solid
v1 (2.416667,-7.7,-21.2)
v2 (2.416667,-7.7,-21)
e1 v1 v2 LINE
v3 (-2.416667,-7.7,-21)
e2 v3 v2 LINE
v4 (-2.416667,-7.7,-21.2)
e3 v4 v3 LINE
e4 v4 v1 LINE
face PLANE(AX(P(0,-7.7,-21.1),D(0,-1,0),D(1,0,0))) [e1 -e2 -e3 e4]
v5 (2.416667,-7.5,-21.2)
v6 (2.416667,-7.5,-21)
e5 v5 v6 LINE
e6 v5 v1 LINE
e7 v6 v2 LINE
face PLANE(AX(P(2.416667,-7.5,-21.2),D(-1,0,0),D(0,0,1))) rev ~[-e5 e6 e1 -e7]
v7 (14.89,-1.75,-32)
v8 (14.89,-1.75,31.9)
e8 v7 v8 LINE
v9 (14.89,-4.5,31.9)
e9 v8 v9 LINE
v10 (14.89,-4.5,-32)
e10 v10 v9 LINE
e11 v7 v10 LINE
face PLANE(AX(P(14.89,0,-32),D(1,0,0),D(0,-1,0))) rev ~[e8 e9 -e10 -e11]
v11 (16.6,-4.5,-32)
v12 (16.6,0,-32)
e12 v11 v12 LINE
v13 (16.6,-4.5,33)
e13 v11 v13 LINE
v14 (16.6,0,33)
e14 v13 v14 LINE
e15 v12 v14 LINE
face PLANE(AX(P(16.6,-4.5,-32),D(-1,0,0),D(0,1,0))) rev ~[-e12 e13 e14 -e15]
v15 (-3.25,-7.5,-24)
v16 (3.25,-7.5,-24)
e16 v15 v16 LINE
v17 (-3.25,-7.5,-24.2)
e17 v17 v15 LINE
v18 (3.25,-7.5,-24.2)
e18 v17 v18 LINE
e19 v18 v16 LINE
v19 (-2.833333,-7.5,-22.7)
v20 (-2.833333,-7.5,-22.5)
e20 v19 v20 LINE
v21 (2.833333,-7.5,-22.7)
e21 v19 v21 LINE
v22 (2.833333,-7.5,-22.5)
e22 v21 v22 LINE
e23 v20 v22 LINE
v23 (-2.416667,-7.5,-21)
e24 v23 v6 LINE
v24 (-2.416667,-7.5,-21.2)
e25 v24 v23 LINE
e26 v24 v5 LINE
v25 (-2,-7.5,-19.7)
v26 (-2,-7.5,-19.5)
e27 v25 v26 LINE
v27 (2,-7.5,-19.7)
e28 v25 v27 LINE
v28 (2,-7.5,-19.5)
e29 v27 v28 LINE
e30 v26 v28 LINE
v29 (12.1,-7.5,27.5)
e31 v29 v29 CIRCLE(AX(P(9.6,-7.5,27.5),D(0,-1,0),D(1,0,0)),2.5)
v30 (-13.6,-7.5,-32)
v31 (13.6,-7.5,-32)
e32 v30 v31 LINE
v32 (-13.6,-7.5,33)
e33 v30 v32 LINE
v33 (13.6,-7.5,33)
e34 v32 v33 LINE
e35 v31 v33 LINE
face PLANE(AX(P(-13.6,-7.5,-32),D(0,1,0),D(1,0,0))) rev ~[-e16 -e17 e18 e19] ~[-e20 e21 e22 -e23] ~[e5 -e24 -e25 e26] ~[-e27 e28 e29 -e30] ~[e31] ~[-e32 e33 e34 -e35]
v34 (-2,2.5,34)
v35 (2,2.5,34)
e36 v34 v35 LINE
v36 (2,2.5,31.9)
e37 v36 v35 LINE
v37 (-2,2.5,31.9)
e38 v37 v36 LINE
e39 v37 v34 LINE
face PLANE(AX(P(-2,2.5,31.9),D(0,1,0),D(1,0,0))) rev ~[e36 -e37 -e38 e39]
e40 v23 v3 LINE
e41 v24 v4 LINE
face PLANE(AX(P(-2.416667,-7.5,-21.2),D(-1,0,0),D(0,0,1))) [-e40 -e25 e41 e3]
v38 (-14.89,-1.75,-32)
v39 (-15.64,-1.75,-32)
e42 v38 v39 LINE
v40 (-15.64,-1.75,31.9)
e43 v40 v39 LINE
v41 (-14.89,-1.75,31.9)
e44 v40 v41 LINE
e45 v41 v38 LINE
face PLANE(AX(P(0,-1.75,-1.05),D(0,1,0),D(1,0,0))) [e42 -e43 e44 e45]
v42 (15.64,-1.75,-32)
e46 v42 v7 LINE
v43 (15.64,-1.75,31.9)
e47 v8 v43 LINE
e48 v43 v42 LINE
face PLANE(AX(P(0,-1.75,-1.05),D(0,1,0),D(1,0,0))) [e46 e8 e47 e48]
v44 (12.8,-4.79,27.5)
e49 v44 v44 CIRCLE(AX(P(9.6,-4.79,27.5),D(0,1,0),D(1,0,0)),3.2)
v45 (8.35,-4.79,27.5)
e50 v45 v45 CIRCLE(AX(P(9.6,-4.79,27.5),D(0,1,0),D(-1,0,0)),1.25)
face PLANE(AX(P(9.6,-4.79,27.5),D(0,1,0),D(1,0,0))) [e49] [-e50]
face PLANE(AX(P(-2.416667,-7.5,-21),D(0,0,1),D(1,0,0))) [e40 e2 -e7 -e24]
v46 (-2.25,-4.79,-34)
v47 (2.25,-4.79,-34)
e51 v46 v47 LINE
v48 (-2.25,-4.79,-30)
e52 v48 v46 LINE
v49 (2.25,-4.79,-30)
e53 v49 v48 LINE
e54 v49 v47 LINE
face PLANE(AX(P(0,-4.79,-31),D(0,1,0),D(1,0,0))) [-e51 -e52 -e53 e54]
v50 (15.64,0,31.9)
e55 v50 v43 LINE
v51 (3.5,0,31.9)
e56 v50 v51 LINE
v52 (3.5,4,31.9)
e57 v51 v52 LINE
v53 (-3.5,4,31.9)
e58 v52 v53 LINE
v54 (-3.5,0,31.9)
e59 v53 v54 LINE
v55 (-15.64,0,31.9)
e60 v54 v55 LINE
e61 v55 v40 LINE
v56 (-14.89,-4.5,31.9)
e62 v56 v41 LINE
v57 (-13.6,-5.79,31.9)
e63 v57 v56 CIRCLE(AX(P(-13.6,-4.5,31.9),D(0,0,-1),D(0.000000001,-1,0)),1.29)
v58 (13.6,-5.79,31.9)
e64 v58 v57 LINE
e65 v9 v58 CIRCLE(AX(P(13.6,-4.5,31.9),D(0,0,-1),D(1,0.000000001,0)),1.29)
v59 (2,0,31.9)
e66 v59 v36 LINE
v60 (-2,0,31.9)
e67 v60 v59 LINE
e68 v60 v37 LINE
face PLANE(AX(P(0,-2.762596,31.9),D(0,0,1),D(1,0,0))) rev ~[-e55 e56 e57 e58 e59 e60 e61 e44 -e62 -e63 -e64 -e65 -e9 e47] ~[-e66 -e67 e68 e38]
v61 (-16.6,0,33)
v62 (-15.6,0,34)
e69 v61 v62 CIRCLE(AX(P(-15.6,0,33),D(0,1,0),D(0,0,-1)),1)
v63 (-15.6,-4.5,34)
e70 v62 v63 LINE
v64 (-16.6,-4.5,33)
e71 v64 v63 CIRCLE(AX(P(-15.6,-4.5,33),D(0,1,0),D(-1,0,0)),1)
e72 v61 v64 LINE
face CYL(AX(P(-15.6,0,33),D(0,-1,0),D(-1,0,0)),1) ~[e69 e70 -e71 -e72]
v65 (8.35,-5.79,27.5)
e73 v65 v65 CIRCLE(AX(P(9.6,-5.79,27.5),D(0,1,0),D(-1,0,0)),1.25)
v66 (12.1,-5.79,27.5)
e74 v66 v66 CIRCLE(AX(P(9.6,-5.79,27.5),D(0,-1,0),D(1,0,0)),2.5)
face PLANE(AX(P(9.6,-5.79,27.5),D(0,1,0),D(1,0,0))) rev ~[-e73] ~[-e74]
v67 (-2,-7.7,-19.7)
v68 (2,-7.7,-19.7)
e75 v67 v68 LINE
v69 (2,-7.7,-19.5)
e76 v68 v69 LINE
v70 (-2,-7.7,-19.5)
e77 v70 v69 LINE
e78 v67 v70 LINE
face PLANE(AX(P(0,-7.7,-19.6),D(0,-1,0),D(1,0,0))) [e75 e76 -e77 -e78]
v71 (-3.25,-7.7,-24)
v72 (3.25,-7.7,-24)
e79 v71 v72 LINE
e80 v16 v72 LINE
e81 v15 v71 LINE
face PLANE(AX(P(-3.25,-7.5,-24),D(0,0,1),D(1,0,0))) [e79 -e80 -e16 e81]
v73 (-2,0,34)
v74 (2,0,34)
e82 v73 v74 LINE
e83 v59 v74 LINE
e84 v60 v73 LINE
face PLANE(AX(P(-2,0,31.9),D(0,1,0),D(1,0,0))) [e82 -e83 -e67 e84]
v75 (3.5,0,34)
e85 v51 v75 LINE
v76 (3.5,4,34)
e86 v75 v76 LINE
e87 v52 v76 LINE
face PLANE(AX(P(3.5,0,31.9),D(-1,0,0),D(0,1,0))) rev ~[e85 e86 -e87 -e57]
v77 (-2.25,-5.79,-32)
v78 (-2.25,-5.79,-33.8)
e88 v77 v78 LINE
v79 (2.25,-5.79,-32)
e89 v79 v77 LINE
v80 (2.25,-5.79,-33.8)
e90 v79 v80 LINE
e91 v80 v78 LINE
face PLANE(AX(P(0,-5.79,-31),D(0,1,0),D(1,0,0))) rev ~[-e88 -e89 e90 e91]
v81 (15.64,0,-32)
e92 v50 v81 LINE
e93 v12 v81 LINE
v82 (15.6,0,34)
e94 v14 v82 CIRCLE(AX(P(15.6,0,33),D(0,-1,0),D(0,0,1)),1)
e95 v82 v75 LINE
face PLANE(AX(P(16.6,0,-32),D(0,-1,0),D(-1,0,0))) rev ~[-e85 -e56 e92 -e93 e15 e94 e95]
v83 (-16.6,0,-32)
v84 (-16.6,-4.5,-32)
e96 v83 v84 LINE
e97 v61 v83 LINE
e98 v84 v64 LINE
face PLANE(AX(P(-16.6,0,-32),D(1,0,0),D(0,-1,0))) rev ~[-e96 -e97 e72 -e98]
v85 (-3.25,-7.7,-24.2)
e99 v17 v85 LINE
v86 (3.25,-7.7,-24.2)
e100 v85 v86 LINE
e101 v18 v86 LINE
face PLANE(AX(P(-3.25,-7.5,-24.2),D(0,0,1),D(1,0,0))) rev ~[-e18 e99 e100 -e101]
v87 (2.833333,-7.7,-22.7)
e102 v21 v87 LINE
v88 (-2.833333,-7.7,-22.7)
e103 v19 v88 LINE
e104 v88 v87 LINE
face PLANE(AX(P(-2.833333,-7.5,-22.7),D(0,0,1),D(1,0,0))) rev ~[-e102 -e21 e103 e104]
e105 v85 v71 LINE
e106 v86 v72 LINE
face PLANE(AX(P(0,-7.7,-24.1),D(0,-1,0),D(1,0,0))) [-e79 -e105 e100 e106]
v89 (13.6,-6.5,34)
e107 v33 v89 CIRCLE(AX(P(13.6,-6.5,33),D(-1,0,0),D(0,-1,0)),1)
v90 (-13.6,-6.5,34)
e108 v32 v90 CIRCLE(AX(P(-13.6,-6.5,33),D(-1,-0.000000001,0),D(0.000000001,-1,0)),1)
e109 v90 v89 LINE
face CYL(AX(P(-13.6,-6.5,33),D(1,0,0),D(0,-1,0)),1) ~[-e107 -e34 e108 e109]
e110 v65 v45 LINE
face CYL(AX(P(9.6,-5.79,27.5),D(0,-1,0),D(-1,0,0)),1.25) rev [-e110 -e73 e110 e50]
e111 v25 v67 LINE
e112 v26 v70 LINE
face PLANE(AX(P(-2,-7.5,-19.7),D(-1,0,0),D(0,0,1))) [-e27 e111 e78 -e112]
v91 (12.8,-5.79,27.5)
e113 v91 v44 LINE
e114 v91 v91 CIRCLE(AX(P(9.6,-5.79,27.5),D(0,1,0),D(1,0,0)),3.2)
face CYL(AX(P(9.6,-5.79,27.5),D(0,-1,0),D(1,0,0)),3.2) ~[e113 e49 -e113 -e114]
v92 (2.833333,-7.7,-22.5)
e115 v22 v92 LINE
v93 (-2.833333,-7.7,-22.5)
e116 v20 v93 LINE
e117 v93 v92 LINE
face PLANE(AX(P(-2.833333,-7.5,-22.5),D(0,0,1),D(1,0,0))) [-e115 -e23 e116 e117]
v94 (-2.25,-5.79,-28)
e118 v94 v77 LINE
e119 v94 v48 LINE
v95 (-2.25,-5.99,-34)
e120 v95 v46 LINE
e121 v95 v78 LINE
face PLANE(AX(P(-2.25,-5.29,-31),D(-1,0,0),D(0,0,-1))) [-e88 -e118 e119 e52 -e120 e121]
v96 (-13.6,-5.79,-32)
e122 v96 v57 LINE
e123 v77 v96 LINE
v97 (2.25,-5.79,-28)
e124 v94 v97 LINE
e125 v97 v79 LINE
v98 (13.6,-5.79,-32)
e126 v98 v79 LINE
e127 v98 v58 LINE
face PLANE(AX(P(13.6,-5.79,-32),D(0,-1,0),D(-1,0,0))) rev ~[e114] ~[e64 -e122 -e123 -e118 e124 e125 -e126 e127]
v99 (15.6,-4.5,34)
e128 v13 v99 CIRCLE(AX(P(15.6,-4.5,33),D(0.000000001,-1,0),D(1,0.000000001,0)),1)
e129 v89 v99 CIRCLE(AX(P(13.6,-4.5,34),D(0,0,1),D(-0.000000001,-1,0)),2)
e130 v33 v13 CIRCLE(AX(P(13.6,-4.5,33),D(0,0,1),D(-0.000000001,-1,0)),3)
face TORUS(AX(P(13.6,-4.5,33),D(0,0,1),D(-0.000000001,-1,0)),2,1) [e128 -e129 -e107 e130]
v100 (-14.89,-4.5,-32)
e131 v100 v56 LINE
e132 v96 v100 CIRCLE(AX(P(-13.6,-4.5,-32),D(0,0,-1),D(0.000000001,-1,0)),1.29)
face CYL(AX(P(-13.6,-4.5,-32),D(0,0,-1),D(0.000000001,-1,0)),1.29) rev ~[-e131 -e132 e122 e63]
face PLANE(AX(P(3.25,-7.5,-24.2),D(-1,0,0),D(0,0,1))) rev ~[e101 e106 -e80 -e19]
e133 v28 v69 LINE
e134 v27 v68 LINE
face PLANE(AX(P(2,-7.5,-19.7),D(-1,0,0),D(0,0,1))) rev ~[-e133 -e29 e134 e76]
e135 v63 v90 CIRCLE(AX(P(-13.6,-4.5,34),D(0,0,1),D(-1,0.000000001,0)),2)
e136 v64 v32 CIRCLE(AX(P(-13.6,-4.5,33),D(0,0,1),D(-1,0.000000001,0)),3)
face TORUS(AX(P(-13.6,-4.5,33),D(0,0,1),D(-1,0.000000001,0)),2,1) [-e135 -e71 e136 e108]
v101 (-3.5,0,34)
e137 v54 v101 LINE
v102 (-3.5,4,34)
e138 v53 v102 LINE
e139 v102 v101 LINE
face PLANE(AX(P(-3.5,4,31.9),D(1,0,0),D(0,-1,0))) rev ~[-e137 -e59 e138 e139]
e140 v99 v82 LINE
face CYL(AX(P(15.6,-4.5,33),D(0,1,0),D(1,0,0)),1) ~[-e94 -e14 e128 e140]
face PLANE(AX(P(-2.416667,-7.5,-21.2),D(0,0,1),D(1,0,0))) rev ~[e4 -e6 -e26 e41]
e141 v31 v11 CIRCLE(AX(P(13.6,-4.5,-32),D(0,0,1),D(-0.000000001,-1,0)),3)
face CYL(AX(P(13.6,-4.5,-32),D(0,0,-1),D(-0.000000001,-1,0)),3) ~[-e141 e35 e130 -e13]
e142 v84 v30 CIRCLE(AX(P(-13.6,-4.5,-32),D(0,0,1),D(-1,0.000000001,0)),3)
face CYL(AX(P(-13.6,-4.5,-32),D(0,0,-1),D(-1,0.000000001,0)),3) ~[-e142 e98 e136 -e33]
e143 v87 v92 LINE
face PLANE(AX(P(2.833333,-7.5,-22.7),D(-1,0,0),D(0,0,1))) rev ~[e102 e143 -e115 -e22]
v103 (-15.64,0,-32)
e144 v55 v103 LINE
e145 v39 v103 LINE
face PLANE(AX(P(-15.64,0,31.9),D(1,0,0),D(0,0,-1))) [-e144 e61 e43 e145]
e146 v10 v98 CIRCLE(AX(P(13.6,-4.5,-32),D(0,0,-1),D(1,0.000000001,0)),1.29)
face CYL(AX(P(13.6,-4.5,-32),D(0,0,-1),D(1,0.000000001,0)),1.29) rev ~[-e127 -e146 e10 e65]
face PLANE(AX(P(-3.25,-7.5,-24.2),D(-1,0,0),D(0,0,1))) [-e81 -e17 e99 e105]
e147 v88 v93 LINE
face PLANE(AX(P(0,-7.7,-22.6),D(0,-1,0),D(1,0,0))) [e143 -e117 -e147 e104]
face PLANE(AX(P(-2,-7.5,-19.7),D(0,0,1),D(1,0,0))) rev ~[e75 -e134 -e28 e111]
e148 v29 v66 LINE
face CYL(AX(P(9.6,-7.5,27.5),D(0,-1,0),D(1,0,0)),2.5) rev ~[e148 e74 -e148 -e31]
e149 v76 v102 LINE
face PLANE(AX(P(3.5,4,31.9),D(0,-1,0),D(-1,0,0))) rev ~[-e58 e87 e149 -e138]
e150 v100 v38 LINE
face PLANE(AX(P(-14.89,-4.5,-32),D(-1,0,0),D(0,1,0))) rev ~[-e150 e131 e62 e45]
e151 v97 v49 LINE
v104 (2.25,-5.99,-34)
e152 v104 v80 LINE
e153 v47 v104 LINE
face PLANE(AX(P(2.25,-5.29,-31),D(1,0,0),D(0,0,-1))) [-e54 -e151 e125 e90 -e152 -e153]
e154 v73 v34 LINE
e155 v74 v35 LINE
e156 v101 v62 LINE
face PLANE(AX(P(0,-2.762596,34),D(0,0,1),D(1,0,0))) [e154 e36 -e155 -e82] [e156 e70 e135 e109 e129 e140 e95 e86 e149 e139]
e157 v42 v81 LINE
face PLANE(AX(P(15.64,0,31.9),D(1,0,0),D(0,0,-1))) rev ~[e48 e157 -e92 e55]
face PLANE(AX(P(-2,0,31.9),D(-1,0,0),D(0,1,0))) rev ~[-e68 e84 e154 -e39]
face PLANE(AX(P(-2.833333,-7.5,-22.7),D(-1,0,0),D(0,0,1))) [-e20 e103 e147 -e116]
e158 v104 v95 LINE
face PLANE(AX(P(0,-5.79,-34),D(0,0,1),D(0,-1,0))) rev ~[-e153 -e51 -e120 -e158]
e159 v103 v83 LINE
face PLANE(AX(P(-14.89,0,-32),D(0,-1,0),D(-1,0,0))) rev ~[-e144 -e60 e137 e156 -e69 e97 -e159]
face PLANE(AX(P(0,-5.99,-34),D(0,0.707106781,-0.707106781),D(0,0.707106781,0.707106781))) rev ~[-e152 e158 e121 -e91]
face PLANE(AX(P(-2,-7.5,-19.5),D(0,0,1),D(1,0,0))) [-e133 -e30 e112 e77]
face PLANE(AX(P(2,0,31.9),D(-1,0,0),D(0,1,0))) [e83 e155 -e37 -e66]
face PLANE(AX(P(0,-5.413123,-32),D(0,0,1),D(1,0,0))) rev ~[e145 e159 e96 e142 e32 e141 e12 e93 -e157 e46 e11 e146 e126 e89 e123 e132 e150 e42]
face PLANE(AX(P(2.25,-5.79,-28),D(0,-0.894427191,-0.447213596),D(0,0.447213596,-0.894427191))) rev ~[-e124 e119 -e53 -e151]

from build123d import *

# Parameters (mm, degrees)
EXTRU_MINCE1_DEPTH             = 32
EXTRU_MINCE1_DEPTH_BACK        = 32
BOSS_EXTRU_1_DEPTH             = 2
BOSS_EXTRU_1_DEPTH_BACK        = 0.1
ESQUISSE2_W                    = 4
ESQUISSE2_H                    = 2.5
ESQUISSE3_W                    = 31.28
ESQUISSE3_H                    = 65.9
ENL_V_MAT_EXTRU_4_DEPTH        = 1.75
ESQUISSE4_W                    = 4.5
ESQUISSE4_H                    = 6
BOSS_EXTRU_2_DEPTH             = 1
BOSS_EXTRU_3_REACH             = 40.572
BOSS_EXTRU_3_DIRECTION_2_REACH = 40.572
ENL_V_MAT_EXTRU_5_REACH        = 41.593
ESQUISSE7_W                    = 6.5
ESQUISSE7_H                    = 0.2
ESQUISSE7_W_2                  = 5.666666666
ESQUISSE7_W_3                  = 4.833333334
ESQUISSE7_W_4                  = 4
EXTRU_MINCE2_DEPTH             = 0.2
ESQUISSE8_R                    = 2.5
ENL_V_MAT_EXTRU_6_DEPTH        = 40.545037615
ESQUISSE9_R                    = 3.2
ESQUISSE9_R_2                  = 1.25
BOSS_EXTRU_4_DEPTH             = 1
CONG_1_R                       = 1


with BuildPart() as part:
    # Esquisse1 → Extru.-Mince1 (new, two sides: drawn at the far end of the back side and taken through both)
    with BuildSketch(Plane.XY.offset(-EXTRU_MINCE1_DEPTH_BACK)):
        with BuildLine():
            Line((-16.6, 0), (-16.6, -4.5))
            ThreePointArc((-16.6, -4.5), (-15.721320344, -6.621320344), (-13.6, -7.5))
            Line((-13.6, -7.5), (13.6, -7.5))
            ThreePointArc((13.6, -7.5), (15.721320344, -6.621320344), (16.6, -4.5))
            Line((16.6, -4.5), (16.6, 0))
            Line((16.6, 0), (14.89, 0))
            Line((14.89, 0), (14.89, -4.5))
            ThreePointArc((14.89, -4.5), (14.512167748, -5.412167748), (13.6, -5.79))
            Line((13.6, -5.79), (-13.6, -5.79))
            ThreePointArc((-13.6, -5.79), (-14.512167748, -5.412167748), (-14.89, -4.5))
            Line((-14.89, -4.5), (-14.89, 0))
            Line((-14.89, 0), (-16.6, 0))
        make_face()
    extrude(amount=EXTRU_MINCE1_DEPTH + EXTRU_MINCE1_DEPTH_BACK)

    # Esquisse2 → Boss.-Extru.1 (add, two sides: drawn at the far end of the back side and taken through both)
    with BuildSketch(Plane.XY.offset(32).offset(-BOSS_EXTRU_1_DEPTH_BACK)):
        with BuildLine():
            Line((16.6, -4.5), (16.6, 0))
            Line((16.6, 0), (3.5, 0))
            Line((3.5, 0), (3.5, 4))
            Line((3.5, 4), (-3.5, 4))
            Line((-3.5, 4), (-3.5, 0))
            Line((-3.5, 0), (-16.6, 0))
            Line((-16.6, 0), (-16.6, -4.5))
            ThreePointArc((-16.6, -4.5), (-15.721320344, -6.621320344), (-13.6, -7.5))
            Line((-13.6, -7.5), (13.6, -7.5))
            ThreePointArc((13.6, -7.5), (15.721320344, -6.621320344), (16.6, -4.5))
        make_face()
        with Locations((0, 1.25)):
            Rectangle(ESQUISSE2_W, ESQUISSE2_H, mode=Mode.SUBTRACT)
    extrude(amount=BOSS_EXTRU_1_DEPTH + BOSS_EXTRU_1_DEPTH_BACK)

    # Esquisse3 → Enlèv. mat.-Extru.4 (cut)
    with BuildSketch(Plane(origin=(0, 0, 0), x_dir=(1, 0, 0), z_dir=(0, 1, 0))):
        with Locations((0, 1.05)):
            Rectangle(ESQUISSE3_W, ESQUISSE3_H)
    extrude(amount=-ENL_V_MAT_EXTRU_4_DEPTH, mode=Mode.SUBTRACT)

    # Esquisse4 → Boss.-Extru.2 (add)
    with BuildSketch(Plane(origin=(0, -5.79, 0), x_dir=(1, 0, 0), z_dir=(0, 1, 0))):
        with Locations((0, 31)):
            Rectangle(ESQUISSE4_W, ESQUISSE4_H)
    extrude(amount=BOSS_EXTRU_2_DEPTH)

    # Boss.-Extru.3: up to this face of the body (flat: up to its plane)
    boss_extru_3_end = Plane(part.part.faces().sort_by_distance((2.25, -5.29, -31))[0])
    # Esquisse5 → Boss.-Extru.3 (add, up to the picked face)
    with BuildSketch(Plane(origin=(0, 0, 0), x_dir=(0, 0, -1), z_dir=(1, 0, 0)), mode=Mode.PRIVATE) as boss_extru_3_sk1:
        Polygon((34, -5.79), (34, -5.99), (33.8, -5.79), align=None)
    boss_extru_3_tool1 = split(extrude(boss_extru_3_sk1.sketch, amount=BOSS_EXTRU_3_REACH, mode=Mode.PRIVATE), bisect_by=boss_extru_3_end, keep=Keep.BOTH, mode=Mode.PRIVATE)
    add(boss_extru_3_tool1.solids().sort_by(Axis((0, -5.856667, -33.933333), (1, 0, 0)))[0])

    # Boss.-Extru.3 direction 2: up to this face of the body (flat: up to its plane)
    boss_extru_3_direction_2_end = Plane(part.part.faces().sort_by_distance((-2.25, -5.29, -31))[0])
    # Esquisse5 → Boss.-Extru.3 direction 2 (add, up to the picked face)
    with BuildSketch(Plane(origin=(0, 0, 0), x_dir=(0, 0, -1), z_dir=(1, 0, 0)), mode=Mode.PRIVATE) as boss_extru_3_direction_2_sk1:
        Polygon((34, -5.79), (34, -5.99), (33.8, -5.79), align=None)
    boss_extru_3_direction_2_tool1 = split(extrude(boss_extru_3_direction_2_sk1.sketch, amount=-BOSS_EXTRU_3_DIRECTION_2_REACH, mode=Mode.PRIVATE), bisect_by=boss_extru_3_direction_2_end, keep=Keep.BOTH, mode=Mode.PRIVATE)
    add(boss_extru_3_direction_2_tool1.solids().sort_by(Axis((0, -5.856667, -33.933333), (-1, 0, 0)))[0])

    # Esquisse6 → Enlèv. mat.-Extru.5 (cut, up to next)
    with BuildSketch(Plane(origin=(2.25, 0, 0), x_dir=(0, 0, -1), z_dir=(1, 0, 0)), mode=Mode.PRIVATE) as enl_v_mat_extru_5_sk1:
        Polygon((28, -5.79), (30, -4.79), (28, -4.79), align=None)
    enl_v_mat_extru_5_tool1 = extrude(enl_v_mat_extru_5_sk1.sketch, amount=-ENL_V_MAT_EXTRU_5_REACH, mode=Mode.PRIVATE) & part.part
    add(enl_v_mat_extru_5_tool1.solids().sort_by_distance((2.25, -5.123333, -28.666667))[0], mode=Mode.SUBTRACT)

    # Esquisse7 → Extru.-Mince2 (add)
    with BuildSketch(Plane.XZ.offset(7.5)):
        with Locations((0, -24.1)):
            Rectangle(ESQUISSE7_W, ESQUISSE7_H)
        with Locations((0, -22.6)):
            Rectangle(ESQUISSE7_W_2, ESQUISSE7_H)
        with Locations((0, -21.1)):
            Rectangle(ESQUISSE7_W_3, ESQUISSE7_H)
        with Locations((0, -19.6)):
            Rectangle(ESQUISSE7_W_4, ESQUISSE7_H)
    extrude(amount=EXTRU_MINCE2_DEPTH)

    # Esquisse8 → Enlèv. mat.-Extru.6 (cut, through all)
    with BuildSketch(Plane.XZ.offset(7.5)):
        with Locations((9.6, 27.5)):
            Circle(ESQUISSE8_R)
    extrude(amount=-ENL_V_MAT_EXTRU_6_DEPTH, mode=Mode.SUBTRACT)

    # Esquisse9 → Boss.-Extru.4 (add)
    with BuildSketch(Plane(origin=(0, -5.79, 0), x_dir=(1, 0, 0), z_dir=(0, 1, 0))):
        with Locations((9.6, -27.5)):
            Circle(ESQUISSE9_R)
        with Locations(Location((9.6, -27.5, 0), (0, 0, 180))):
            Circle(ESQUISSE9_R_2, mode=Mode.SUBTRACT)
    extrude(amount=BOSS_EXTRU_4_DEPTH)

    # Congé1
    cong_1_edges = [part.edges().sort_by_distance(p)[0] for p in [
        (15.721320344, -6.621320344, 34),
        (16.6, -2.25, 34),
        (-16.6, -2.25, 34),
        (-15.721320344, -6.621320344, 34),
        (0, -7.5, 34),
    ]]
    fillet(cong_1_edges, radius=CONG_1_R)


solid = part.part
